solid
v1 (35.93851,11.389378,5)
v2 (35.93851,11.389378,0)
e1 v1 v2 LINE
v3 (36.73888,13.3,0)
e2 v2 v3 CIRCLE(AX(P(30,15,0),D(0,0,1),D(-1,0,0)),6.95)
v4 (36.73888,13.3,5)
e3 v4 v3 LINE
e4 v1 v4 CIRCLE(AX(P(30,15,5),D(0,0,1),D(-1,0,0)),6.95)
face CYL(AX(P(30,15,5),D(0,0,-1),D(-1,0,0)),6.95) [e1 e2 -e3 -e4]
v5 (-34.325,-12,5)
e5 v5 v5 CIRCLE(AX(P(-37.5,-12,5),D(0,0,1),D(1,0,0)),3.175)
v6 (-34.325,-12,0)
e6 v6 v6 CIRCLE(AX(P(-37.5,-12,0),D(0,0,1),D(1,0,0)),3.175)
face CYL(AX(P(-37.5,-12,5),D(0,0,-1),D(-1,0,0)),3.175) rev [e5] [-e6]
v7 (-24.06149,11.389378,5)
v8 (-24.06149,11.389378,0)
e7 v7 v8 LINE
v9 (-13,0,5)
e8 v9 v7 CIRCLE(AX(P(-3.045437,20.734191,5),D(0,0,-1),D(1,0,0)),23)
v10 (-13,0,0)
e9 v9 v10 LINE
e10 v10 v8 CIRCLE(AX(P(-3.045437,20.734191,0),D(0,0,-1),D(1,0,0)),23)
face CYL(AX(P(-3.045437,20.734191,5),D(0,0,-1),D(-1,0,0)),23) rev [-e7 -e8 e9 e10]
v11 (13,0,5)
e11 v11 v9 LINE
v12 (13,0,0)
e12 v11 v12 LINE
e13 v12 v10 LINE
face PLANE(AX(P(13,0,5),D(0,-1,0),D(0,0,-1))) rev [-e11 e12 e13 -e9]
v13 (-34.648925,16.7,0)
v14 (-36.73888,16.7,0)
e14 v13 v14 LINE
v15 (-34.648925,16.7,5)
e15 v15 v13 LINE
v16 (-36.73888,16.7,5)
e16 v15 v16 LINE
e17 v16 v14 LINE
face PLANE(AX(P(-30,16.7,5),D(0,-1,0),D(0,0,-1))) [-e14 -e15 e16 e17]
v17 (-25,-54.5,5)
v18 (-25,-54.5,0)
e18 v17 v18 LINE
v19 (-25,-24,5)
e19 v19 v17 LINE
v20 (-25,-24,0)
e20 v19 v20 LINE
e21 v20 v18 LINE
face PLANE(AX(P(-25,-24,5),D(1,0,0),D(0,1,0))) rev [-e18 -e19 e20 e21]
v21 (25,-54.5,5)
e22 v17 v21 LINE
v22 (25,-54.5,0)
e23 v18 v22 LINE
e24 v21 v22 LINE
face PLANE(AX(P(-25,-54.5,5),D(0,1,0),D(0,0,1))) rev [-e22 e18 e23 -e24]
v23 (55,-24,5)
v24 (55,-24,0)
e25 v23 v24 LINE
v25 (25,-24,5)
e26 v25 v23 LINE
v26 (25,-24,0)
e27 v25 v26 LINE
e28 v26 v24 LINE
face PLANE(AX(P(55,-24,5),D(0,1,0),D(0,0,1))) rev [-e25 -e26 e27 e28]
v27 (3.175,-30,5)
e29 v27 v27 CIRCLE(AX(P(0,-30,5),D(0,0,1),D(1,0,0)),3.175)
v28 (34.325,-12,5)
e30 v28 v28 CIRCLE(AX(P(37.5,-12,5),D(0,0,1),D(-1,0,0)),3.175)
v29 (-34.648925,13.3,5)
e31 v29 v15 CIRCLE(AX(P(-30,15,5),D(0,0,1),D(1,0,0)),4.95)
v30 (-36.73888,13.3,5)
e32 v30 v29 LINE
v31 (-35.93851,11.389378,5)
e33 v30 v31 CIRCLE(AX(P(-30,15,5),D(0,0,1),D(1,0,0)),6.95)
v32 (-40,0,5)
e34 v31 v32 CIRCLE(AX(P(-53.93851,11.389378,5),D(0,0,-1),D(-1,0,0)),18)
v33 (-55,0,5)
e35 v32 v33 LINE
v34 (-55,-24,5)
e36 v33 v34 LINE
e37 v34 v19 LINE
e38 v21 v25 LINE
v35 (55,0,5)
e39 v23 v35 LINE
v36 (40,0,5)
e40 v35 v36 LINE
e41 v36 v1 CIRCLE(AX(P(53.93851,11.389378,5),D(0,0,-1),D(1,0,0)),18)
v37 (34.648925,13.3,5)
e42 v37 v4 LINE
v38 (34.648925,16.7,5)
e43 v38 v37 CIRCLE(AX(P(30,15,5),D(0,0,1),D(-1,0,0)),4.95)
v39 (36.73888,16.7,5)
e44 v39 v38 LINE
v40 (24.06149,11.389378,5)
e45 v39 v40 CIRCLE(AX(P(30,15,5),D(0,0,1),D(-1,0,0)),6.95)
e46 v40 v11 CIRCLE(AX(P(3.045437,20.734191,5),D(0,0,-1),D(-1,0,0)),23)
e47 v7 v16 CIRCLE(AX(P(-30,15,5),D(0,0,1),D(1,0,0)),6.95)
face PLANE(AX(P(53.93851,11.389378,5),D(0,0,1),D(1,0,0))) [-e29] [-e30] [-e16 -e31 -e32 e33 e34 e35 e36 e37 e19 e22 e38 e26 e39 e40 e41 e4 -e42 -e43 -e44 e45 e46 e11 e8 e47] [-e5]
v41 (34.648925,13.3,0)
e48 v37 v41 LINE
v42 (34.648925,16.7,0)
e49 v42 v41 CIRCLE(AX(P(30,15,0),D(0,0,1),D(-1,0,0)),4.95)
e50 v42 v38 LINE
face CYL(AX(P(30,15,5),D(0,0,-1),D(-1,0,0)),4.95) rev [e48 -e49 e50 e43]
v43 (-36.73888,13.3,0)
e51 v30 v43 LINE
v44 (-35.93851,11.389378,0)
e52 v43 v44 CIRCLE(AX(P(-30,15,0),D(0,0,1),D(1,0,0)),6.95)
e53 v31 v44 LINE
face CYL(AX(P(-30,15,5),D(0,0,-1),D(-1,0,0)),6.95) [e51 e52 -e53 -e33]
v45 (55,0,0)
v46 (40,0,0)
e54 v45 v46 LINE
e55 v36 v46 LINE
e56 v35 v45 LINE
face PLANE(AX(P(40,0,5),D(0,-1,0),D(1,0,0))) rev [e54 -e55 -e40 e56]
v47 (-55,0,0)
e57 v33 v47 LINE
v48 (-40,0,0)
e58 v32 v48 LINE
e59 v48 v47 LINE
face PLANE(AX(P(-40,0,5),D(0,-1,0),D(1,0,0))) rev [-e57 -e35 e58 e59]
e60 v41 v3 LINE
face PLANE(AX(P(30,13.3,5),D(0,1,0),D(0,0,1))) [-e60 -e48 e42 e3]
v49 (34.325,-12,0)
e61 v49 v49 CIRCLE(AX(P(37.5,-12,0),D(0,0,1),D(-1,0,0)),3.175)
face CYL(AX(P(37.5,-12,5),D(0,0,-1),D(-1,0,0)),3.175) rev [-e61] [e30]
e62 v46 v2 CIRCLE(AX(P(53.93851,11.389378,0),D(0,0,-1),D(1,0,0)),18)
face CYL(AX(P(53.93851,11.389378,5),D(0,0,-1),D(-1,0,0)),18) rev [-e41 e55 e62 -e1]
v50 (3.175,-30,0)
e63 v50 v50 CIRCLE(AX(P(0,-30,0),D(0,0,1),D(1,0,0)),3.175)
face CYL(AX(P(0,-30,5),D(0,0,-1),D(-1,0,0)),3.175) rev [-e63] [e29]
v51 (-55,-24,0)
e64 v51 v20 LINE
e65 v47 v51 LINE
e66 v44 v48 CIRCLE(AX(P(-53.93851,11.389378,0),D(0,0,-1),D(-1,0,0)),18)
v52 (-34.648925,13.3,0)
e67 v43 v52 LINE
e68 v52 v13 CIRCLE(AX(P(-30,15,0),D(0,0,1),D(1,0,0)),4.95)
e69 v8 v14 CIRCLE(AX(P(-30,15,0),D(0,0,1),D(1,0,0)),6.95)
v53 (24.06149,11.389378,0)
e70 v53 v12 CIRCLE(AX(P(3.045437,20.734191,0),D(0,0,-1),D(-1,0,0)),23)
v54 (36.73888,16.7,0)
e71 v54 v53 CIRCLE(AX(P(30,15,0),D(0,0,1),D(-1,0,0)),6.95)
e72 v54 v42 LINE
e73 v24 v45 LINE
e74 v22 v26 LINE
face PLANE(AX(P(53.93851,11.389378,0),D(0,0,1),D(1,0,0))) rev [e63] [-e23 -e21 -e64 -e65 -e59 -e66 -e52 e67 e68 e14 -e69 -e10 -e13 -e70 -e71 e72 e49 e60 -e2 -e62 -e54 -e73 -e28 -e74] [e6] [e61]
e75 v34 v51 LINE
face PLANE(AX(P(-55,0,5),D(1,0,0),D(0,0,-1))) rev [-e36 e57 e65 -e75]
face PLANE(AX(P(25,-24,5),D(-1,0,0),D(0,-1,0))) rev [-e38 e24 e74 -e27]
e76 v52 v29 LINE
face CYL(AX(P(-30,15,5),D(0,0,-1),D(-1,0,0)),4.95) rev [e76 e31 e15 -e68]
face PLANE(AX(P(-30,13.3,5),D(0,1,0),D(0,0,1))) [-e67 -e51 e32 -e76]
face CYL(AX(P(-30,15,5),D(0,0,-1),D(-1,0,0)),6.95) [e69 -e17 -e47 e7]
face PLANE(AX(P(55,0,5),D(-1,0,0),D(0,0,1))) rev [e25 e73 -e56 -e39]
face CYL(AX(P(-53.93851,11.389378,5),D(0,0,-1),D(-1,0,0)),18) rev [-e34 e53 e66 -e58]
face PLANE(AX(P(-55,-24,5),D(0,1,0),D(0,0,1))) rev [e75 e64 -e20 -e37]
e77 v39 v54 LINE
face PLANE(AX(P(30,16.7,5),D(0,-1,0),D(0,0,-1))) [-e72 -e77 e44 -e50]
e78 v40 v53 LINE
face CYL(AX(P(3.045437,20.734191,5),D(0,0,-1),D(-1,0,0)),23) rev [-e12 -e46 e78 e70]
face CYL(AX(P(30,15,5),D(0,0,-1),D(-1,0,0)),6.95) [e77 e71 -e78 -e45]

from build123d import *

# Parameters (mm, degrees)
CROQUIS1_R              = 4.95
CROQUIS1_R_2            = 3.175
SALIENTE_EXTRUIR1_DEPTH = 5
CORTAR_EXTRUIR1_DEPTH   = 78.590270009


with BuildPart() as part:
    # Croquis1 → Saliente-Extruir1 (new body)
    with BuildSketch(Plane.XY):
        with BuildLine():
            Line((13, 0), (-13, 0))
            ThreePointArc((-13, 0), (-19.544656296, 4.709966775), (-24.061489507, 11.389377737))
            ThreePointArc((-24.061489507, 11.389377737), (-30, 21.95), (-35.938510493, 11.389377737))
            ThreePointArc((-35.938510493, 11.389377737), (-36.984260452, 5.34343649), (-40, 0))
            Line((-40, 0), (-55, 0))
            Line((-55, 0), (-55, -24))
            Line((-55, -24), (-25, -24))
            Line((-25, -24), (-25, -54.5))
            Line((-25, -54.5), (25, -54.5))
            Line((25, -54.5), (25, -24))
            Line((25, -24), (55, -24))
            Line((55, -24), (55, 0))
            Line((55, 0), (40, 0))
            ThreePointArc((40, 0), (36.984260452, 5.34343649), (35.938510493, 11.389377737))
            ThreePointArc((35.938510493, 11.389377737), (30, 21.95), (24.061489507, 11.389377737))
            ThreePointArc((24.061489507, 11.389377737), (19.544656296, 4.709966775), (13, 0))
        make_face()
        with Locations((-30, 15)):
            Circle(CROQUIS1_R, mode=Mode.SUBTRACT)
        with Locations((-37.5, -12)):
            Circle(CROQUIS1_R_2, mode=Mode.SUBTRACT)
        with Locations((0, -30)):
            Circle(CROQUIS1_R_2, mode=Mode.SUBTRACT)
        with Locations(Location((30, 15, 0), (0, 0, 180))):
            Circle(CROQUIS1_R, mode=Mode.SUBTRACT)
        with Locations(Location((37.5, -12, 0), (0, 0, 180))):
            Circle(CROQUIS1_R_2, mode=Mode.SUBTRACT)
    extrude(amount=SALIENTE_EXTRUIR1_DEPTH)

    # Croquis2 → Cortar-Extruir1 (cut, through all)
    with BuildSketch(Plane.XY):
        with BuildLine():
            Line((-30, 16.7), (-36.738879729, 16.7))
            ThreePointArc((-36.738879729, 16.7), (-36.95, 15), (-36.738879729, 13.3))
            Line((-36.738879729, 13.3), (-30, 13.3))
            Line((-30, 13.3), (-30, 16.7))
        make_face()
        with BuildLine():
            Line((30, 16.7), (30, 13.3))
            Line((30, 13.3), (36.738879729, 13.3))
            ThreePointArc((36.738879729, 13.3), (36.95, 15), (36.738879729, 16.7))
            Line((36.738879729, 16.7), (30, 16.7))
        make_face()
    extrude(amount=CORTAR_EXTRUIR1_DEPTH, mode=Mode.SUBTRACT)


solid = part.part
